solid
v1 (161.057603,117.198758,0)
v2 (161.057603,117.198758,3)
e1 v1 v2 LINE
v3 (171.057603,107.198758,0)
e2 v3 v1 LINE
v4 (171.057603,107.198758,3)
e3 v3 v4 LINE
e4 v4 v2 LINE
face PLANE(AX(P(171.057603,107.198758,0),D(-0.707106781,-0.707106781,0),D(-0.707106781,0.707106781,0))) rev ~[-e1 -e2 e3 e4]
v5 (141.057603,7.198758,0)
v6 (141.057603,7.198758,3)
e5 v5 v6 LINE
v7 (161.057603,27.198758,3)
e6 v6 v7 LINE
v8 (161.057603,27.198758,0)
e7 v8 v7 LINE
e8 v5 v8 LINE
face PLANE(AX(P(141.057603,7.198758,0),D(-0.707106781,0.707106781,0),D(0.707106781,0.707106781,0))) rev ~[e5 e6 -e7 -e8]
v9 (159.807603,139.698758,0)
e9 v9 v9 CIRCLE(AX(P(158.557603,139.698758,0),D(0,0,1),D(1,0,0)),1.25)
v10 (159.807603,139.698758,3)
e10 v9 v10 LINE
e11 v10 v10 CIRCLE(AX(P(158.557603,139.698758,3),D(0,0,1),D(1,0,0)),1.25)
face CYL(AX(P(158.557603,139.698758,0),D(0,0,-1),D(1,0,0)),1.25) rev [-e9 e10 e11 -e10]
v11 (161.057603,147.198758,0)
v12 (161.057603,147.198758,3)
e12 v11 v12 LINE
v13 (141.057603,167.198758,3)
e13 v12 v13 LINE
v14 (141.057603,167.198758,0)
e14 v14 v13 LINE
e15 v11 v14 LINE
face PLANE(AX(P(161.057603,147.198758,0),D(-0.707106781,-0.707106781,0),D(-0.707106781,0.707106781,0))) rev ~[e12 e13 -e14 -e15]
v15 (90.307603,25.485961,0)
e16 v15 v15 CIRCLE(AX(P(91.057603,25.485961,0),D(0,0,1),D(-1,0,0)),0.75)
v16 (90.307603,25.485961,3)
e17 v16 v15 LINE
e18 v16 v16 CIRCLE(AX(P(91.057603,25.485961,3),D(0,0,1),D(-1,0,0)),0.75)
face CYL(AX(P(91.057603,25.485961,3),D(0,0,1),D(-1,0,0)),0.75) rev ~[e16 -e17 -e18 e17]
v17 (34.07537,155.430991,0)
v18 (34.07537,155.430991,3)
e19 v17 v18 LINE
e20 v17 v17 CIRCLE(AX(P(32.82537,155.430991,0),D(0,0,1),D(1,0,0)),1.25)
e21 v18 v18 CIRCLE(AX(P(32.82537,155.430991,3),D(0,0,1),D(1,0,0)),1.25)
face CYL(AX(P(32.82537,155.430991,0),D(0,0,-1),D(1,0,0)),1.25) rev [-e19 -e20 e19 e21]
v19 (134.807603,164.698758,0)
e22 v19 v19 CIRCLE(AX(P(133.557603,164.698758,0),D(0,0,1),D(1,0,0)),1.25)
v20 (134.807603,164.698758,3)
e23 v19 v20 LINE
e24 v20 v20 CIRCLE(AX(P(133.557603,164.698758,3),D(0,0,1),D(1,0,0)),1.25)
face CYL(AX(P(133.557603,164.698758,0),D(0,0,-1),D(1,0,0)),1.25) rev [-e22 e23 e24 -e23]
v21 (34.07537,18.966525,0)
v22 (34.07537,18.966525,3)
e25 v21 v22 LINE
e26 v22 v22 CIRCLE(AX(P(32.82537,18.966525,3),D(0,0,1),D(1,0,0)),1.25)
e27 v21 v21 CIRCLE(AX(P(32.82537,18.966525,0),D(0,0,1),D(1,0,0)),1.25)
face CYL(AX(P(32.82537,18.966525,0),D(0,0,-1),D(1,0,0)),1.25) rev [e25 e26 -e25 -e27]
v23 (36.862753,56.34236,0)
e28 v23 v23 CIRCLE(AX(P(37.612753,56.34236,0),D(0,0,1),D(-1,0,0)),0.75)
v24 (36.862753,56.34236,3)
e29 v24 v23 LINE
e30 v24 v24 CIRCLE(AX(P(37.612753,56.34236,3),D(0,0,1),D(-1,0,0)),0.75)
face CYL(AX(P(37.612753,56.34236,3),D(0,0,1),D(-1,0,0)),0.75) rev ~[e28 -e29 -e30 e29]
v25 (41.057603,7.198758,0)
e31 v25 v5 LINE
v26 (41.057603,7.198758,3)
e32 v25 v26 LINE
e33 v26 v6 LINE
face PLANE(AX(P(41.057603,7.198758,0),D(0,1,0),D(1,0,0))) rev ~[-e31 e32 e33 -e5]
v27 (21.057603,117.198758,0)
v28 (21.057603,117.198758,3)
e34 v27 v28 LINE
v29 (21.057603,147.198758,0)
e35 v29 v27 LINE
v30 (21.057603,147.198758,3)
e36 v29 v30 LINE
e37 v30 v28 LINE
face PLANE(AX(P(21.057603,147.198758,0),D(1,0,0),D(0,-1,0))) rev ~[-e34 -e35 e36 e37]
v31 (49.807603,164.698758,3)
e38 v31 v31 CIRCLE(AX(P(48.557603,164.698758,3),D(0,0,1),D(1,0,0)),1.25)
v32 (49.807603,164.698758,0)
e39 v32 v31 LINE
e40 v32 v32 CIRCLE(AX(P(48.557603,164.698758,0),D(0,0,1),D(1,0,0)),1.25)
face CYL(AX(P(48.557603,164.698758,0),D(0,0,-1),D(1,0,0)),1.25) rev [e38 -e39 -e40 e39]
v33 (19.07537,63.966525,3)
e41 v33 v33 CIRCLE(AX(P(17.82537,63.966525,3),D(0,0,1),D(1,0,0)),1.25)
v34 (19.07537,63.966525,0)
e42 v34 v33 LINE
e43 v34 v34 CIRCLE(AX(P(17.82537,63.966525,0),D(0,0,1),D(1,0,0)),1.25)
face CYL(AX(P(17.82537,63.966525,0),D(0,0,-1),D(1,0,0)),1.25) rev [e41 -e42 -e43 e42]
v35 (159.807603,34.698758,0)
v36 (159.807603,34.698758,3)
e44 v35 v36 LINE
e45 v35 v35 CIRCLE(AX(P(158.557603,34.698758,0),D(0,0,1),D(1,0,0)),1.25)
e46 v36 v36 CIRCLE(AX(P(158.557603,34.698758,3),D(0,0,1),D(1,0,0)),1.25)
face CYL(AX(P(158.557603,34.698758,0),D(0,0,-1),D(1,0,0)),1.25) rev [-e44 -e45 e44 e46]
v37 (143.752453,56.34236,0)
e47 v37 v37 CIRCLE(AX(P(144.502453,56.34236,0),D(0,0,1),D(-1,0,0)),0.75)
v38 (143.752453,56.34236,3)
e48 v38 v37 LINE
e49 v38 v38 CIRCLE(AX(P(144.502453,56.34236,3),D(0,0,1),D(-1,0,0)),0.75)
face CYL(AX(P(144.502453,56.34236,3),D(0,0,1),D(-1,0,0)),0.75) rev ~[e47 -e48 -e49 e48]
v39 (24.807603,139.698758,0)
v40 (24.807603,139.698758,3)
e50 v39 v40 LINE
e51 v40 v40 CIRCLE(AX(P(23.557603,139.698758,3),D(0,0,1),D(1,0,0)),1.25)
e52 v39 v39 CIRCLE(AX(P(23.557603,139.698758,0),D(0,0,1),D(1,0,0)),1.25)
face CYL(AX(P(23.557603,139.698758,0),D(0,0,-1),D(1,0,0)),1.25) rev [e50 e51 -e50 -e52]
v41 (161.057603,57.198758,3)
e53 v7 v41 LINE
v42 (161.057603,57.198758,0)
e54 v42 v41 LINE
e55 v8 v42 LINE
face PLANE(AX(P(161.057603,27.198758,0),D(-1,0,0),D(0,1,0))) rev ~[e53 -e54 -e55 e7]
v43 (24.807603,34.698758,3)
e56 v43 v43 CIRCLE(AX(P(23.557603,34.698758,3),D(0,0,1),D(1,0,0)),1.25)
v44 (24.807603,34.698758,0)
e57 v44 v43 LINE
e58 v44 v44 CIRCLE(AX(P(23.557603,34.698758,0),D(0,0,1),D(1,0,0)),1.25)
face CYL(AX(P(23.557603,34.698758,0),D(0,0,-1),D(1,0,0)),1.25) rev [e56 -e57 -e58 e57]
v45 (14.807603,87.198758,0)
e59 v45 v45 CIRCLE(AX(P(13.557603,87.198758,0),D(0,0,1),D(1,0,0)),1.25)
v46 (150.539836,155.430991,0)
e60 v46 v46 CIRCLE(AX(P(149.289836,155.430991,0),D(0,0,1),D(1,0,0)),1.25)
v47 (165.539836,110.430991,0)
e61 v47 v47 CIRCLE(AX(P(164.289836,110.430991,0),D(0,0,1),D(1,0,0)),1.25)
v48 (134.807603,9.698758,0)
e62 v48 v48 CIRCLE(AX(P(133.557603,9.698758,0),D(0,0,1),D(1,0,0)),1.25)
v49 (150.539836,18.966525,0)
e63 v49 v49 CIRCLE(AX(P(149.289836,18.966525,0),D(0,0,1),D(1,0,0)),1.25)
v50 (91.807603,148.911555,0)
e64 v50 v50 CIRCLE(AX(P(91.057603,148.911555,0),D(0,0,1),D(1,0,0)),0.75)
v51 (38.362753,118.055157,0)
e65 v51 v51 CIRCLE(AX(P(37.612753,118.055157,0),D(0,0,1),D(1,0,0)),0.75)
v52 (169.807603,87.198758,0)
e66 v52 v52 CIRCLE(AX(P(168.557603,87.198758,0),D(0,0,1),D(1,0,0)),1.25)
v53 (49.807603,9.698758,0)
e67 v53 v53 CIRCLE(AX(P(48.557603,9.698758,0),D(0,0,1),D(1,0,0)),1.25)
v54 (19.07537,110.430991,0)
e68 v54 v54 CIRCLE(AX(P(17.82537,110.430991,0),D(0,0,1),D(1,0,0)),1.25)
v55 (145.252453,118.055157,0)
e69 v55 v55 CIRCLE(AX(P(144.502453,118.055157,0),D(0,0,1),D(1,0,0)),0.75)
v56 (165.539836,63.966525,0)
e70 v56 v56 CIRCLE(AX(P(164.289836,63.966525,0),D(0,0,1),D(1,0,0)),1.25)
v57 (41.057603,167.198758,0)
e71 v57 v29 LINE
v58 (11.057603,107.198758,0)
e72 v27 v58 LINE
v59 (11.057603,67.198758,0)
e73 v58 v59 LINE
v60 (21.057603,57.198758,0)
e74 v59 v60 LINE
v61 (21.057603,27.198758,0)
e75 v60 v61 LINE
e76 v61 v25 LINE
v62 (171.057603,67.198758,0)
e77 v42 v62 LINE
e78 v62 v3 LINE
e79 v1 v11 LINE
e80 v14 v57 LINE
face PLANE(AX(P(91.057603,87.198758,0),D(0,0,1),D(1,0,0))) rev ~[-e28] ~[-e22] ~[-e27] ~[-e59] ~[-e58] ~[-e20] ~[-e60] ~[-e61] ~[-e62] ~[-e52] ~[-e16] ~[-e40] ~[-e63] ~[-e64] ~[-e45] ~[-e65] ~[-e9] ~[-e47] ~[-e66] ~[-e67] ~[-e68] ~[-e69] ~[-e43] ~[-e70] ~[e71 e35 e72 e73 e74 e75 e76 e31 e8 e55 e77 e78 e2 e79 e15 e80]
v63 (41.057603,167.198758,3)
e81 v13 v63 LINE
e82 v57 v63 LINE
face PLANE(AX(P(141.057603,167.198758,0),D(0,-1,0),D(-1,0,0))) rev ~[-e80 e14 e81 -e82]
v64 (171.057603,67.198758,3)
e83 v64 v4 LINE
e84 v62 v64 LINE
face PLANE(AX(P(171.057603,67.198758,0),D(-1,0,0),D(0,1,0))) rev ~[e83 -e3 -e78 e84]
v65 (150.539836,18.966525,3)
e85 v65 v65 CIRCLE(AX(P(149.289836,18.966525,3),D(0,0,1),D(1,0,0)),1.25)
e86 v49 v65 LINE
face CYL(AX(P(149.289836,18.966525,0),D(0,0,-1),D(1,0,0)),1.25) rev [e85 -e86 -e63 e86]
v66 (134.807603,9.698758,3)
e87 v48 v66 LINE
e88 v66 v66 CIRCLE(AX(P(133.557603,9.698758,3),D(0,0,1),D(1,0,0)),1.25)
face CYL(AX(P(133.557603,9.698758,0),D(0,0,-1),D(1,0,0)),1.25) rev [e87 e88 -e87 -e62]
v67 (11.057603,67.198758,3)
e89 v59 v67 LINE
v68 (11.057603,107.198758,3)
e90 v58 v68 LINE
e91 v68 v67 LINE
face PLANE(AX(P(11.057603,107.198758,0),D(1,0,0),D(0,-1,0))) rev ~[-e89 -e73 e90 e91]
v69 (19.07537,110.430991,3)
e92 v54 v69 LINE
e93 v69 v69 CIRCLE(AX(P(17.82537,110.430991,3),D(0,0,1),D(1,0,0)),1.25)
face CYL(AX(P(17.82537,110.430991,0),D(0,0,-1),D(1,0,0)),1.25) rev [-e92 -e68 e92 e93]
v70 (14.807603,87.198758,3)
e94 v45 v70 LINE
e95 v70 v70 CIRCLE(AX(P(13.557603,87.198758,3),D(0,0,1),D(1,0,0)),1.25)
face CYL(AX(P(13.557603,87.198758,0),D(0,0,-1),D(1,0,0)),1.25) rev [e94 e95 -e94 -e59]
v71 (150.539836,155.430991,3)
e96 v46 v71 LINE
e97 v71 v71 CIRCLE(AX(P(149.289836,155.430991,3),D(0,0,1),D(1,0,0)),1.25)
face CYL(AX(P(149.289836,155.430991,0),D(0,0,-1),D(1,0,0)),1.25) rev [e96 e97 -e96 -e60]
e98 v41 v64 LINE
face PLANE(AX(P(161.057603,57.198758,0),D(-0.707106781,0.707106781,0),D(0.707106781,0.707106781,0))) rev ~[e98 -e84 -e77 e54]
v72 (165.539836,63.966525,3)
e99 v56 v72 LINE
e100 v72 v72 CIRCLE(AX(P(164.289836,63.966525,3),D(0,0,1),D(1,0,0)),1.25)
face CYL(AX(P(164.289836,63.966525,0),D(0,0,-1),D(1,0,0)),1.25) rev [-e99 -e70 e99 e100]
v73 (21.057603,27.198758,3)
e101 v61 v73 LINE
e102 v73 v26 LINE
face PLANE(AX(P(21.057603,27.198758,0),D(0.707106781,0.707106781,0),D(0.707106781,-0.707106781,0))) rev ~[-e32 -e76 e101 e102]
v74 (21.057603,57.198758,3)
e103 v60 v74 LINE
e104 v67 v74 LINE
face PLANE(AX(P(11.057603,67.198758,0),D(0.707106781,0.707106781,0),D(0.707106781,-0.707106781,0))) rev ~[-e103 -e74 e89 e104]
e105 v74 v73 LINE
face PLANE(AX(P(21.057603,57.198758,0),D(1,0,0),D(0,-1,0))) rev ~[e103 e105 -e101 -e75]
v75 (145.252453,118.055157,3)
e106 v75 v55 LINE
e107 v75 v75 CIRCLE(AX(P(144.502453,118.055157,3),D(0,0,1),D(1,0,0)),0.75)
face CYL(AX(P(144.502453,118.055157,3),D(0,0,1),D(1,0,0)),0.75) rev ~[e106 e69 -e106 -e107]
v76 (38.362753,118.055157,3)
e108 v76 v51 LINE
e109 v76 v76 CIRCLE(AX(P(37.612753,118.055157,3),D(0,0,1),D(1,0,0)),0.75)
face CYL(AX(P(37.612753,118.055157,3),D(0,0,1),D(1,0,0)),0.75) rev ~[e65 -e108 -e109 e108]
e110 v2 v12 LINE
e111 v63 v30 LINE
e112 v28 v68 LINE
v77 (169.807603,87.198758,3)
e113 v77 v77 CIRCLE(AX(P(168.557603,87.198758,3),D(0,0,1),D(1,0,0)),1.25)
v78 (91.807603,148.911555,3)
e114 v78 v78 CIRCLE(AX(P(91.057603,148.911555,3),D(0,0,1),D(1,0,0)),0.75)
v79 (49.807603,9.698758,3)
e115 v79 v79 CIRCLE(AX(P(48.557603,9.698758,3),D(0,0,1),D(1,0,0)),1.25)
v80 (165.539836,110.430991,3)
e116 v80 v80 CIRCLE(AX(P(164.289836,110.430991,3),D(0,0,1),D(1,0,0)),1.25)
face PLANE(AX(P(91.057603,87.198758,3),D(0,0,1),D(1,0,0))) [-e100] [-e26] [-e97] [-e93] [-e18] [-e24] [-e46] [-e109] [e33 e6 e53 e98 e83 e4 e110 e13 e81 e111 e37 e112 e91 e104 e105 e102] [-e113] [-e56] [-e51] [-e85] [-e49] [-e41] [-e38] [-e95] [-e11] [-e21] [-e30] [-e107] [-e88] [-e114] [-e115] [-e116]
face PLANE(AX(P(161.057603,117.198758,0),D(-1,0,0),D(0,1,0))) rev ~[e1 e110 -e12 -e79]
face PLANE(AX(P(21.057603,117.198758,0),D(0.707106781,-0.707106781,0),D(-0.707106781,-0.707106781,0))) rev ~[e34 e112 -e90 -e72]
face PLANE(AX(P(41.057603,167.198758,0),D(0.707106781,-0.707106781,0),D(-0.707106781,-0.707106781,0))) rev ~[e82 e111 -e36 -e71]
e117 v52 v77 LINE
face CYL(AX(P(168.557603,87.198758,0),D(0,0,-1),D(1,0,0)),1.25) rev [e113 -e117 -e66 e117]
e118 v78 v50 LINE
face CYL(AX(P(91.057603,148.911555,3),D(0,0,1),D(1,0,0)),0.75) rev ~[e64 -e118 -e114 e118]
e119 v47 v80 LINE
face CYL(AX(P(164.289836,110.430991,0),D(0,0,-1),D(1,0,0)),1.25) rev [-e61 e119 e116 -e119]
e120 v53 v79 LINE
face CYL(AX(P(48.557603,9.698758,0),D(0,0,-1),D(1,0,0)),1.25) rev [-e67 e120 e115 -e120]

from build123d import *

# Parameters (mm, degrees)
MODEL_R             = 1.25
BOSS_EXTRUDE1_DEPTH = 3
SKETCH1_R           = 0.75
CUT_EXTRUDE1_DEPTH  = 10


with BuildPart() as part:
    # Model → Boss-Extrude1 (new body)
    with BuildSketch(Plane.XY):
        Polygon((41.057603072, 7.198758191), (141.057603072, 7.198758191), (161.057603072, 27.198758191), (161.057603072, 57.198758191), (171.057603072, 67.198758191), (171.057603072, 107.198758191), (161.057603072, 117.198758191), (161.057603072, 147.198758191), (141.057603072, 167.198758191), (41.057603072, 167.198758191), (21.057603072, 147.198758191), (21.057603072, 117.198758191), (11.057603072, 107.198758191), (11.057603072, 67.198758191), (21.057603072, 57.198758191), (21.057603072, 27.198758191), align=None)
        with Locations((133.557603072, 9.698758191)):
            Circle(MODEL_R, mode=Mode.SUBTRACT)
        with Locations((158.557603072, 34.698758191)):
            Circle(MODEL_R, mode=Mode.SUBTRACT)
        with Locations((149.289836119, 18.966525144)):
            Circle(MODEL_R, mode=Mode.SUBTRACT)
        with Locations((48.557603072, 9.698758191)):
            Circle(MODEL_R, mode=Mode.SUBTRACT)
        with Locations((23.557603072, 34.698758191)):
            Circle(MODEL_R, mode=Mode.SUBTRACT)
        with Locations((32.825370025, 18.966525144)):
            Circle(MODEL_R, mode=Mode.SUBTRACT)
        with Locations((133.557603072, 164.698758191)):
            Circle(MODEL_R, mode=Mode.SUBTRACT)
        with Locations((158.557603072, 139.698758191)):
            Circle(MODEL_R, mode=Mode.SUBTRACT)
        with Locations((149.289836119, 155.430991238)):
            Circle(MODEL_R, mode=Mode.SUBTRACT)
        with Locations((48.557603072, 164.698758191)):
            Circle(MODEL_R, mode=Mode.SUBTRACT)
        with Locations((23.557603072, 139.698758191)):
            Circle(MODEL_R, mode=Mode.SUBTRACT)
        with Locations((32.825370025, 155.430991238)):
            Circle(MODEL_R, mode=Mode.SUBTRACT)
        with Locations((17.825370025, 63.966525144)):
            Circle(MODEL_R, mode=Mode.SUBTRACT)
        with Locations((13.557603072, 87.198758191)):
            Circle(MODEL_R, mode=Mode.SUBTRACT)
        with Locations((17.825370025, 110.430991238)):
            Circle(MODEL_R, mode=Mode.SUBTRACT)
        with Locations((164.289836119, 63.966525144)):
            Circle(MODEL_R, mode=Mode.SUBTRACT)
        with Locations((168.557603072, 87.198758191)):
            Circle(MODEL_R, mode=Mode.SUBTRACT)
        with Locations((164.289836119, 110.430991238)):
            Circle(MODEL_R, mode=Mode.SUBTRACT)
    extrude(amount=BOSS_EXTRUDE1_DEPTH)

    # Sketch1 → Cut-Extrude1 (cut)
    with BuildSketch(Plane.XY.offset(3)):
        with Locations((91.057603072, 148.911555292)):
            Circle(SKETCH1_R)
        with Locations((37.612753044, 118.055156741)):
            Circle(SKETCH1_R)
        with Locations((144.502453099, 118.055156741)):
            Circle(SKETCH1_R)
        with Locations(Location((144.502453099, 56.342359641, 0), (0, 0, 180))):
            Circle(SKETCH1_R)
        with Locations(Location((91.057603072, 25.485961091, 0), (0, 0, 180))):
            Circle(SKETCH1_R)
        with Locations(Location((37.612753044, 56.342359641, 0), (0, 0, 180))):
            Circle(SKETCH1_R)
    extrude(amount=-CUT_EXTRUDE1_DEPTH, mode=Mode.SUBTRACT)


solid = part.part
